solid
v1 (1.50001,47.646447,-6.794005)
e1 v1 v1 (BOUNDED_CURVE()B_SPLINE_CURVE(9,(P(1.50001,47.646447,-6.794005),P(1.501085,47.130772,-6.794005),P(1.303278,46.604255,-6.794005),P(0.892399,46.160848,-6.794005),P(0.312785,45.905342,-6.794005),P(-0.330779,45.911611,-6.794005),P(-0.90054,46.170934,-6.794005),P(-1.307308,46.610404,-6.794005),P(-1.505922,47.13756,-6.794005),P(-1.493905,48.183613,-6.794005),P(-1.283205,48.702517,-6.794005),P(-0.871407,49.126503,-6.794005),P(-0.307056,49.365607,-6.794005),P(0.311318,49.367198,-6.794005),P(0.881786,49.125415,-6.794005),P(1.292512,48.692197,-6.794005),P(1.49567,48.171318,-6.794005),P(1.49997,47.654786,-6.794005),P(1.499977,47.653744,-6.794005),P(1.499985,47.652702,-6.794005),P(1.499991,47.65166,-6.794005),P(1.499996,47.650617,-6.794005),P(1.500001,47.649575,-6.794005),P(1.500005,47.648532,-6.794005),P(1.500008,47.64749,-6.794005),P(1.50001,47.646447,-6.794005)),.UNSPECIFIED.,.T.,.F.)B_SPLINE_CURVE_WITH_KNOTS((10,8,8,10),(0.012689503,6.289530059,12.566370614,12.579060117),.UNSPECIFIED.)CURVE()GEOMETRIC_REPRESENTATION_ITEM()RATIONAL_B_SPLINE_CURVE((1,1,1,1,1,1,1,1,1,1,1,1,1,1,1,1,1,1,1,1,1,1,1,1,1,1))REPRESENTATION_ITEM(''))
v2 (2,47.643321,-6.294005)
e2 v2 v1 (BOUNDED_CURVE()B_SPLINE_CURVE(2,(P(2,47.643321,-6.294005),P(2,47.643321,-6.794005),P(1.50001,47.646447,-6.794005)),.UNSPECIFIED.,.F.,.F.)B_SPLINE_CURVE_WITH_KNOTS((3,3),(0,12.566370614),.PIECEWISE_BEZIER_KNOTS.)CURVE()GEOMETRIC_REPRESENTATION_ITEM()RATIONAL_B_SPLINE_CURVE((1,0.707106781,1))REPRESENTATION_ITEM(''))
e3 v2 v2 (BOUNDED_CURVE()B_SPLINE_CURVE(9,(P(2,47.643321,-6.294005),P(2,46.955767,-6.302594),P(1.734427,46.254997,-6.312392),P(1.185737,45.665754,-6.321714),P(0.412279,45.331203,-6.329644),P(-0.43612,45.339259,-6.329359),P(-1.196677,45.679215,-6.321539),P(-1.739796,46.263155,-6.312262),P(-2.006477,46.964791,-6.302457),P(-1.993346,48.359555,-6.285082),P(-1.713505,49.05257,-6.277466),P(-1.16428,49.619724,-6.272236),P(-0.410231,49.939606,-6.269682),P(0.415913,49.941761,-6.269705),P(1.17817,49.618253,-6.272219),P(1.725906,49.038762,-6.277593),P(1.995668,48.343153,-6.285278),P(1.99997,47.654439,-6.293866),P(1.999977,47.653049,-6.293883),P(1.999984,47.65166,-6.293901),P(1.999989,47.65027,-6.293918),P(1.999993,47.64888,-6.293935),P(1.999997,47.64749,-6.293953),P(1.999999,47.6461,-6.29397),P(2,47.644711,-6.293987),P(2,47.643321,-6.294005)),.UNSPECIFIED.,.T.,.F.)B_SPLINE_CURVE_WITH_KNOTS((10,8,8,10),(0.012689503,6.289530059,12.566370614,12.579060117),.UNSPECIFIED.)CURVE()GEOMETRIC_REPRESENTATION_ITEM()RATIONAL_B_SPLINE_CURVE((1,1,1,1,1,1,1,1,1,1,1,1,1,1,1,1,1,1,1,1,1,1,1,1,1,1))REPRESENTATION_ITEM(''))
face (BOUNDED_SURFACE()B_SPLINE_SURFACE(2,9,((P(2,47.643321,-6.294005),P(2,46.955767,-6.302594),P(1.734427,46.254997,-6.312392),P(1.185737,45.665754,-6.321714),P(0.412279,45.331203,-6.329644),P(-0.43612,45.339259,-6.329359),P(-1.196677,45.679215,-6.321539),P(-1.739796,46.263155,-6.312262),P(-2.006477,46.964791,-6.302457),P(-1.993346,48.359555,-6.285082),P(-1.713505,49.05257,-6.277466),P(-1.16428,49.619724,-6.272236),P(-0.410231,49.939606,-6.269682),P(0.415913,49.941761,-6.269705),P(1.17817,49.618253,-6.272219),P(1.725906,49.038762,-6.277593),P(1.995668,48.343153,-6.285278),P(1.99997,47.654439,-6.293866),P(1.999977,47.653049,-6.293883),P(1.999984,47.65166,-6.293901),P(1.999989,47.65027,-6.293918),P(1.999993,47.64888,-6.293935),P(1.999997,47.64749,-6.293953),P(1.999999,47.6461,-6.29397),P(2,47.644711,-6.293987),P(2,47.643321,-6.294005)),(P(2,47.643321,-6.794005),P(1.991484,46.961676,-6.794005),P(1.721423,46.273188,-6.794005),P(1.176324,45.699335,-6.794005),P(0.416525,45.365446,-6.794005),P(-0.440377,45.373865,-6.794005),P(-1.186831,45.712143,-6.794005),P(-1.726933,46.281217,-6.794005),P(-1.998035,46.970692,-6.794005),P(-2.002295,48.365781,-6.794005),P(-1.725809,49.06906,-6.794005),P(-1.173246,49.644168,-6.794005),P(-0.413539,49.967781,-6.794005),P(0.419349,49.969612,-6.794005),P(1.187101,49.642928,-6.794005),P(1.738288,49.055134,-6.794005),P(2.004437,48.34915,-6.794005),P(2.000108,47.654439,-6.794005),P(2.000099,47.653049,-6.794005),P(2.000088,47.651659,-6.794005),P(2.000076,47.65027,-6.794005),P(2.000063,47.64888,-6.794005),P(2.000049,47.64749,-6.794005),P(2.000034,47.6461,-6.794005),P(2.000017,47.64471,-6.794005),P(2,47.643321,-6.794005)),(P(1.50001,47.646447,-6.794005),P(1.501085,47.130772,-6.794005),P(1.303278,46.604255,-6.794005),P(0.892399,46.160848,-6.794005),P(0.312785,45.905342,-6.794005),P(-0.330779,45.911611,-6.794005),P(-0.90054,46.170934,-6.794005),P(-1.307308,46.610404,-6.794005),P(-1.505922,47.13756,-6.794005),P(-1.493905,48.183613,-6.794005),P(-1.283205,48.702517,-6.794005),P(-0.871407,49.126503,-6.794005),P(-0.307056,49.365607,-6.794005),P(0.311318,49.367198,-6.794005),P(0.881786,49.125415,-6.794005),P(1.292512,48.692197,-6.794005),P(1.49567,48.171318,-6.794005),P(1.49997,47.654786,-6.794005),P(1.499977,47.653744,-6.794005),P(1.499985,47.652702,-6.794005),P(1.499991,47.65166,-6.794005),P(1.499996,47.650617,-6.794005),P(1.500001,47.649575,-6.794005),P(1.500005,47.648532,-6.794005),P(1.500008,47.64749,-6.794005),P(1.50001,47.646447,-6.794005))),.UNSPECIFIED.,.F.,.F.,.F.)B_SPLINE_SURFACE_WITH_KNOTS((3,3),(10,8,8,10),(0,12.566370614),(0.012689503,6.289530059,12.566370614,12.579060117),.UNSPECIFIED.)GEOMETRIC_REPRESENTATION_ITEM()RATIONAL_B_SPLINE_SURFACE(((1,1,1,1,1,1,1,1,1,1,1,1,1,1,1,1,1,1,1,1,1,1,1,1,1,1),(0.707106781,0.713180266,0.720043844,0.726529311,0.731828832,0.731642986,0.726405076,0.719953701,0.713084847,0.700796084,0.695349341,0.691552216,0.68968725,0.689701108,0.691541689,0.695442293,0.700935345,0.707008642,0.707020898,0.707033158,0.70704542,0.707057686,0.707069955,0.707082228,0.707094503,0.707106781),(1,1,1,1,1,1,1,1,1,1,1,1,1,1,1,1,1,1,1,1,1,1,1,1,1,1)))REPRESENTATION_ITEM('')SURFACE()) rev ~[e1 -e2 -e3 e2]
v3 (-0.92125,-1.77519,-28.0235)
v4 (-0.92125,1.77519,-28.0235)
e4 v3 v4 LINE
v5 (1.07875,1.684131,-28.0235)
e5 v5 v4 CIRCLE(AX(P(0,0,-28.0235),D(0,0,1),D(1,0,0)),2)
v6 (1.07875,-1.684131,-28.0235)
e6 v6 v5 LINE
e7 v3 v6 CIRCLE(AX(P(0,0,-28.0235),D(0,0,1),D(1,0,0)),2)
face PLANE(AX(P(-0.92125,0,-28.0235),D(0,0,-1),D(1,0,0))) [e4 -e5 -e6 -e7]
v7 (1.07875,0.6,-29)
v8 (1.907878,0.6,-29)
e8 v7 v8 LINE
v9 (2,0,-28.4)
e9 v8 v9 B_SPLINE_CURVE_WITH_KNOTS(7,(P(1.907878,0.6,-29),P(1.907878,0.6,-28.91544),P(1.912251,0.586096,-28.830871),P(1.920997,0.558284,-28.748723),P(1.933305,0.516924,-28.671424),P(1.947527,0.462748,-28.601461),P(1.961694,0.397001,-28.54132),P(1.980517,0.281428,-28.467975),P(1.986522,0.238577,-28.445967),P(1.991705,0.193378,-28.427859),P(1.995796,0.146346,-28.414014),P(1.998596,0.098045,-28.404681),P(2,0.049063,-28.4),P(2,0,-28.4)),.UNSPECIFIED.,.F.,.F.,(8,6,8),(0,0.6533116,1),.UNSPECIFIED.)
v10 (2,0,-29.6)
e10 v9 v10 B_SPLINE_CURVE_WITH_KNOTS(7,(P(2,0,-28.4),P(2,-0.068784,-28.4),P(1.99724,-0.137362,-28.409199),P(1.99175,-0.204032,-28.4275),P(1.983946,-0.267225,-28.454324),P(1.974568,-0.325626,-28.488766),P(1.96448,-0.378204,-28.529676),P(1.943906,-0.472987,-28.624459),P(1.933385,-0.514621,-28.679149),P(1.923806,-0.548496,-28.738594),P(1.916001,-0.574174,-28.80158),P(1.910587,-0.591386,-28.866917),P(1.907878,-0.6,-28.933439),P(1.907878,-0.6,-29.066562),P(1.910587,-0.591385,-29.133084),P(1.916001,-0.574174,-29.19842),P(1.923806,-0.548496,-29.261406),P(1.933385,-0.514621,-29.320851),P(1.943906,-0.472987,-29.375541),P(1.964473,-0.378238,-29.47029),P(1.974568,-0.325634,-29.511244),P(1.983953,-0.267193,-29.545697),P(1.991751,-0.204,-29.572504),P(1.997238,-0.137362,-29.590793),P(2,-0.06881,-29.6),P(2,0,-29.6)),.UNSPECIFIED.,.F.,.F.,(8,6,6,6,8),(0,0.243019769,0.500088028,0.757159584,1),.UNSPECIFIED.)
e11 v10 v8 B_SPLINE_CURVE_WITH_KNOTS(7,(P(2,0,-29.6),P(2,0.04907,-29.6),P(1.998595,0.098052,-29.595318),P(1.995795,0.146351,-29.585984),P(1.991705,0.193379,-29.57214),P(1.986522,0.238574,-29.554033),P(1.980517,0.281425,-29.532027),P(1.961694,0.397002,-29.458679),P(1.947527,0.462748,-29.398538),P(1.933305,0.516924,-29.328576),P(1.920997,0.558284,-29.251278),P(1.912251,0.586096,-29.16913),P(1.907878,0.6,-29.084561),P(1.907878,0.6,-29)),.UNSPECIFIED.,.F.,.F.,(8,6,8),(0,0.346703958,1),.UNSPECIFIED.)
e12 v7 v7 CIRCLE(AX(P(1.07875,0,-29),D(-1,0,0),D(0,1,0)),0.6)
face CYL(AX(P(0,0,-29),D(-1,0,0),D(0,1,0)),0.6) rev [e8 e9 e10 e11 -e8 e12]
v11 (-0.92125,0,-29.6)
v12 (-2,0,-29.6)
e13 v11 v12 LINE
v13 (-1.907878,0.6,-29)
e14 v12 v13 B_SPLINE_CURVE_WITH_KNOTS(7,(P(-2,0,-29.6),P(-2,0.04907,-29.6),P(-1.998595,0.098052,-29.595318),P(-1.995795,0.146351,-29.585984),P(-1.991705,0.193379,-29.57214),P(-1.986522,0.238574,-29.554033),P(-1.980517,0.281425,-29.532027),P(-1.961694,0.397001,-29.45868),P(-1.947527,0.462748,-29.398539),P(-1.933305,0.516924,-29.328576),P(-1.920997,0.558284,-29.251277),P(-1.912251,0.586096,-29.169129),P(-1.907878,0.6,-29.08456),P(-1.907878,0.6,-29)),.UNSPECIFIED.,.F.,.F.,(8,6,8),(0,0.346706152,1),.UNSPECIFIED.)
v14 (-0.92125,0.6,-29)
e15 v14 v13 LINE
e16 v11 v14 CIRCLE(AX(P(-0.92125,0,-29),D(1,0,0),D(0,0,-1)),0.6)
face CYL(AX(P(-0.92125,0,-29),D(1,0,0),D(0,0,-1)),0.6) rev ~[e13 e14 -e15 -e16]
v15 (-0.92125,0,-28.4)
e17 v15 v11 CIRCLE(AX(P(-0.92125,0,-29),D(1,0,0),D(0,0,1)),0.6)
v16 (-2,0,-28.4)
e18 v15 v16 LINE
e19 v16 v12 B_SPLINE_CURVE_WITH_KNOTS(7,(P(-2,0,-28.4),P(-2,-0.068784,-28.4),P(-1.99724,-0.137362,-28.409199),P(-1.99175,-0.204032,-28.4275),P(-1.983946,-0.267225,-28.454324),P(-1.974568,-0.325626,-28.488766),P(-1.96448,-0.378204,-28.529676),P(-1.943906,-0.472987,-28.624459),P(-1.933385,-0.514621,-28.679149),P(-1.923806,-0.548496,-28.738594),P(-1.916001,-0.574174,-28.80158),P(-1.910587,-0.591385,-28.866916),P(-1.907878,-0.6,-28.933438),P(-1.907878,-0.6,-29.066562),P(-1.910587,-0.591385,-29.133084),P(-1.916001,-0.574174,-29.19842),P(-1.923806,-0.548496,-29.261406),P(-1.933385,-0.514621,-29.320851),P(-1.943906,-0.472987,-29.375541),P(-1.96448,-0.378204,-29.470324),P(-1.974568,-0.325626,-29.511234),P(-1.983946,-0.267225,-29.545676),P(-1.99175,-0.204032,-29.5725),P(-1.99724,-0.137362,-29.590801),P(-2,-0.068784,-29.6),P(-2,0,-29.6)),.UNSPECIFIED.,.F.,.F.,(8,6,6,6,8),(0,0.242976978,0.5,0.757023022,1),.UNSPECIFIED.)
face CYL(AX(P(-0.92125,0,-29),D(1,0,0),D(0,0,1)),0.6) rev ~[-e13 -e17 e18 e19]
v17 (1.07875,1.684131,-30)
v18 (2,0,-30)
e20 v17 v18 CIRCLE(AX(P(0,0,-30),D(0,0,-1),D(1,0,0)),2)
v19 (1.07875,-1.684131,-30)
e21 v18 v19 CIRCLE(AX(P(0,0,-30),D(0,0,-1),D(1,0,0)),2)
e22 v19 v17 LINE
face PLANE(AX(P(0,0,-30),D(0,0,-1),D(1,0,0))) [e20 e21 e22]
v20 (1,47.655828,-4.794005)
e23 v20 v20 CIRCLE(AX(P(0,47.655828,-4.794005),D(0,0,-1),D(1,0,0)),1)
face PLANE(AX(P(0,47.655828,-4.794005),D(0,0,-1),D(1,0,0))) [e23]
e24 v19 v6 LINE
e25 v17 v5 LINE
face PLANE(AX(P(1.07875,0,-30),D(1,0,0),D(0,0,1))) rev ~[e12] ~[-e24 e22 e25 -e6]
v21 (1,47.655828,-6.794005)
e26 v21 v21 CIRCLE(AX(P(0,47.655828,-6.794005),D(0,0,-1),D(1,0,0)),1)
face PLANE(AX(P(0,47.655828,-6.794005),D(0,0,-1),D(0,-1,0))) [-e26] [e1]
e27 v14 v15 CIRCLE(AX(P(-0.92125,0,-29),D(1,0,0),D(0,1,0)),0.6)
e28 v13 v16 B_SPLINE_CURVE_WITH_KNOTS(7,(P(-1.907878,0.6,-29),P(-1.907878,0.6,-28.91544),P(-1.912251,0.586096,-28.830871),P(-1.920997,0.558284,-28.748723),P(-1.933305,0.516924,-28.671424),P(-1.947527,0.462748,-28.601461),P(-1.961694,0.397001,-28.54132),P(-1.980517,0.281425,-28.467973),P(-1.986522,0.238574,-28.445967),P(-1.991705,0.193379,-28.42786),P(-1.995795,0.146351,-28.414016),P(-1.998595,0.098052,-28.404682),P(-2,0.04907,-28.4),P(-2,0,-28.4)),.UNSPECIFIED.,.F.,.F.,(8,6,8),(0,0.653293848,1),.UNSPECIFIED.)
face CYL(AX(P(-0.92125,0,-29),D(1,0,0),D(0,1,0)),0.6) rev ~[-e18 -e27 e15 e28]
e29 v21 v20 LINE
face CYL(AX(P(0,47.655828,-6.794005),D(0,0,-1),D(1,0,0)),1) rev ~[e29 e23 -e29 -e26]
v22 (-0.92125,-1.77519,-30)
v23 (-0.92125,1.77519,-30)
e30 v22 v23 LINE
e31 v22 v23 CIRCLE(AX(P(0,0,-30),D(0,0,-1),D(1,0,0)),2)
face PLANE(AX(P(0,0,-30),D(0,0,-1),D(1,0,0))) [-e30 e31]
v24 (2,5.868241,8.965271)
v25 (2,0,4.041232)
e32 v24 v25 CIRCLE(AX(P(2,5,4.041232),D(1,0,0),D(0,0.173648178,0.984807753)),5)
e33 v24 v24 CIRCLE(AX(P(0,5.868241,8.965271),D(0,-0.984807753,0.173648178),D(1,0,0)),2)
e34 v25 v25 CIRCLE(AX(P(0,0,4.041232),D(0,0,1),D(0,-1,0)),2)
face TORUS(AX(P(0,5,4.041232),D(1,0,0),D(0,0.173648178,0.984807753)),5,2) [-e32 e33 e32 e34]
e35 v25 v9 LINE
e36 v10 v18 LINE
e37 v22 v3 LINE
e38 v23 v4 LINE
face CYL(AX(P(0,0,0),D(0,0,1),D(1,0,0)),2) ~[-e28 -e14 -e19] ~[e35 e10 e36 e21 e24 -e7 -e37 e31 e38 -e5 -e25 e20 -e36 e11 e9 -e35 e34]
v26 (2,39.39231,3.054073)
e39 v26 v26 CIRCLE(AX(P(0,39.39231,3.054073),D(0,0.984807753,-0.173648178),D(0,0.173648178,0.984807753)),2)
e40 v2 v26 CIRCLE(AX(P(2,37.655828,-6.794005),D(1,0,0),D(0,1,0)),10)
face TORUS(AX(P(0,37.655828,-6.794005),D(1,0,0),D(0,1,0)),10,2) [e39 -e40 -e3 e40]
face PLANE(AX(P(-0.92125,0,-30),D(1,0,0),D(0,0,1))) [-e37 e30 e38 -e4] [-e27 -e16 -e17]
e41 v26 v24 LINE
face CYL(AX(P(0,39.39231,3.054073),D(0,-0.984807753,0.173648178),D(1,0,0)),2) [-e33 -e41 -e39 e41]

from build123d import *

# Parameters (mm, degrees)
F0_R      = 2
F3_R      = 1
F4_DEPTH  = 2
F5_R      = 0.5
F6_R      = 2
F7_DEPTH  = 30
F8_W      = 2
F8_H      = 2
F9_DEPTH  = 50
F10_W     = 2
F10_H     = 1.97649955
F11_DEPTH = 25
F12_R     = 0.6
F13_DEPTH = 4.5506
F15_DEPTH = 10


with BuildPart() as f2:
    # F2: sweep along a path in F1
    with BuildLine(Plane.YZ) as f2_path:
        ThreePointArc((47.6558283438, -6.7940046368), (45.316272775, -0.3661285399), (39.3923101205, 3.0540728933))
        Line((39.3923101205, 3.0540728933), (5.8682408883, 8.9652708021))
        ThreePointArc((5.8682408883, 8.9652708021), (1.7860619516, 7.8714542526), (0, 4.041232037))
        Line((0, 4.041232037), (0, 0))
    # F0 (on Top) → F2 (sweep)
    with BuildSketch(Plane.XY):
        Circle(F0_R)
    sweep(path=f2_path.line)

    # F3 (on face) → F4 (cut)
    with BuildSketch(Plane(origin=(0, 0, -6.7940046368), x_dir=(1, 0, 0), z_dir=(0, 0, -1))):
        with Locations((0, -47.6558283438)):
            Circle(F3_R)
    extrude(amount=-F4_DEPTH, mode=Mode.SUBTRACT)

    # F5
    f5_edges = [f2.edges().sort_by_distance(p)[0] for p in [
        (-2, 47.655828, -6.794005),
    ]]
    fillet(f5_edges, radius=F5_R)

    # F6 (on face) → F7 (join)
    with BuildSketch(Plane(origin=(0, 0, 0), x_dir=(1, 0, 0), z_dir=(0, 0, -1))):
        Circle(F6_R)
    extrude(amount=F7_DEPTH)

    # F8 (on Front) → F9 (cut)
    with BuildSketch(Plane.XZ):
        with Locations((0.0787500758, -29.02350045)):
            Rectangle(F8_W, F8_H)
    extrude(amount=F9_DEPTH, mode=Mode.SUBTRACT)

    # F10 (on face) → F11 (cut)
    with BuildSketch(Plane.XZ):
        with Locations((0.0787500758, -29.011750225)):
            Rectangle(F10_W, F10_H)
    extrude(amount=-F11_DEPTH, mode=Mode.SUBTRACT)

    # F12 (on Right) → F13 (cut)
    with BuildSketch(Plane.YZ):
        with Locations((0, -29)):
            Circle(F12_R)
    extrude(amount=F13_DEPTH, mode=Mode.SUBTRACT)

    # F14 (on face) → F15 (cut)
    with BuildSketch(Plane.YZ.offset(-0.9212499242)):
        with BuildLine():
            ThreePointArc((0.6, -29), (0.4242640687, -28.5757359313), (0, -28.4))
            Line((0, -28.4), (0, -29.6))
            ThreePointArc((0, -29.6), (0.4242640687, -29.4242640687), (0.6, -29))
        make_face()
        with BuildLine():
            Line((0, -29.6), (0, -28.4))
            ThreePointArc((0, -28.4), (-0.6, -29), (0, -29.6))
        make_face()
    extrude(amount=-F15_DEPTH, mode=Mode.SUBTRACT)


solid = f2.part
